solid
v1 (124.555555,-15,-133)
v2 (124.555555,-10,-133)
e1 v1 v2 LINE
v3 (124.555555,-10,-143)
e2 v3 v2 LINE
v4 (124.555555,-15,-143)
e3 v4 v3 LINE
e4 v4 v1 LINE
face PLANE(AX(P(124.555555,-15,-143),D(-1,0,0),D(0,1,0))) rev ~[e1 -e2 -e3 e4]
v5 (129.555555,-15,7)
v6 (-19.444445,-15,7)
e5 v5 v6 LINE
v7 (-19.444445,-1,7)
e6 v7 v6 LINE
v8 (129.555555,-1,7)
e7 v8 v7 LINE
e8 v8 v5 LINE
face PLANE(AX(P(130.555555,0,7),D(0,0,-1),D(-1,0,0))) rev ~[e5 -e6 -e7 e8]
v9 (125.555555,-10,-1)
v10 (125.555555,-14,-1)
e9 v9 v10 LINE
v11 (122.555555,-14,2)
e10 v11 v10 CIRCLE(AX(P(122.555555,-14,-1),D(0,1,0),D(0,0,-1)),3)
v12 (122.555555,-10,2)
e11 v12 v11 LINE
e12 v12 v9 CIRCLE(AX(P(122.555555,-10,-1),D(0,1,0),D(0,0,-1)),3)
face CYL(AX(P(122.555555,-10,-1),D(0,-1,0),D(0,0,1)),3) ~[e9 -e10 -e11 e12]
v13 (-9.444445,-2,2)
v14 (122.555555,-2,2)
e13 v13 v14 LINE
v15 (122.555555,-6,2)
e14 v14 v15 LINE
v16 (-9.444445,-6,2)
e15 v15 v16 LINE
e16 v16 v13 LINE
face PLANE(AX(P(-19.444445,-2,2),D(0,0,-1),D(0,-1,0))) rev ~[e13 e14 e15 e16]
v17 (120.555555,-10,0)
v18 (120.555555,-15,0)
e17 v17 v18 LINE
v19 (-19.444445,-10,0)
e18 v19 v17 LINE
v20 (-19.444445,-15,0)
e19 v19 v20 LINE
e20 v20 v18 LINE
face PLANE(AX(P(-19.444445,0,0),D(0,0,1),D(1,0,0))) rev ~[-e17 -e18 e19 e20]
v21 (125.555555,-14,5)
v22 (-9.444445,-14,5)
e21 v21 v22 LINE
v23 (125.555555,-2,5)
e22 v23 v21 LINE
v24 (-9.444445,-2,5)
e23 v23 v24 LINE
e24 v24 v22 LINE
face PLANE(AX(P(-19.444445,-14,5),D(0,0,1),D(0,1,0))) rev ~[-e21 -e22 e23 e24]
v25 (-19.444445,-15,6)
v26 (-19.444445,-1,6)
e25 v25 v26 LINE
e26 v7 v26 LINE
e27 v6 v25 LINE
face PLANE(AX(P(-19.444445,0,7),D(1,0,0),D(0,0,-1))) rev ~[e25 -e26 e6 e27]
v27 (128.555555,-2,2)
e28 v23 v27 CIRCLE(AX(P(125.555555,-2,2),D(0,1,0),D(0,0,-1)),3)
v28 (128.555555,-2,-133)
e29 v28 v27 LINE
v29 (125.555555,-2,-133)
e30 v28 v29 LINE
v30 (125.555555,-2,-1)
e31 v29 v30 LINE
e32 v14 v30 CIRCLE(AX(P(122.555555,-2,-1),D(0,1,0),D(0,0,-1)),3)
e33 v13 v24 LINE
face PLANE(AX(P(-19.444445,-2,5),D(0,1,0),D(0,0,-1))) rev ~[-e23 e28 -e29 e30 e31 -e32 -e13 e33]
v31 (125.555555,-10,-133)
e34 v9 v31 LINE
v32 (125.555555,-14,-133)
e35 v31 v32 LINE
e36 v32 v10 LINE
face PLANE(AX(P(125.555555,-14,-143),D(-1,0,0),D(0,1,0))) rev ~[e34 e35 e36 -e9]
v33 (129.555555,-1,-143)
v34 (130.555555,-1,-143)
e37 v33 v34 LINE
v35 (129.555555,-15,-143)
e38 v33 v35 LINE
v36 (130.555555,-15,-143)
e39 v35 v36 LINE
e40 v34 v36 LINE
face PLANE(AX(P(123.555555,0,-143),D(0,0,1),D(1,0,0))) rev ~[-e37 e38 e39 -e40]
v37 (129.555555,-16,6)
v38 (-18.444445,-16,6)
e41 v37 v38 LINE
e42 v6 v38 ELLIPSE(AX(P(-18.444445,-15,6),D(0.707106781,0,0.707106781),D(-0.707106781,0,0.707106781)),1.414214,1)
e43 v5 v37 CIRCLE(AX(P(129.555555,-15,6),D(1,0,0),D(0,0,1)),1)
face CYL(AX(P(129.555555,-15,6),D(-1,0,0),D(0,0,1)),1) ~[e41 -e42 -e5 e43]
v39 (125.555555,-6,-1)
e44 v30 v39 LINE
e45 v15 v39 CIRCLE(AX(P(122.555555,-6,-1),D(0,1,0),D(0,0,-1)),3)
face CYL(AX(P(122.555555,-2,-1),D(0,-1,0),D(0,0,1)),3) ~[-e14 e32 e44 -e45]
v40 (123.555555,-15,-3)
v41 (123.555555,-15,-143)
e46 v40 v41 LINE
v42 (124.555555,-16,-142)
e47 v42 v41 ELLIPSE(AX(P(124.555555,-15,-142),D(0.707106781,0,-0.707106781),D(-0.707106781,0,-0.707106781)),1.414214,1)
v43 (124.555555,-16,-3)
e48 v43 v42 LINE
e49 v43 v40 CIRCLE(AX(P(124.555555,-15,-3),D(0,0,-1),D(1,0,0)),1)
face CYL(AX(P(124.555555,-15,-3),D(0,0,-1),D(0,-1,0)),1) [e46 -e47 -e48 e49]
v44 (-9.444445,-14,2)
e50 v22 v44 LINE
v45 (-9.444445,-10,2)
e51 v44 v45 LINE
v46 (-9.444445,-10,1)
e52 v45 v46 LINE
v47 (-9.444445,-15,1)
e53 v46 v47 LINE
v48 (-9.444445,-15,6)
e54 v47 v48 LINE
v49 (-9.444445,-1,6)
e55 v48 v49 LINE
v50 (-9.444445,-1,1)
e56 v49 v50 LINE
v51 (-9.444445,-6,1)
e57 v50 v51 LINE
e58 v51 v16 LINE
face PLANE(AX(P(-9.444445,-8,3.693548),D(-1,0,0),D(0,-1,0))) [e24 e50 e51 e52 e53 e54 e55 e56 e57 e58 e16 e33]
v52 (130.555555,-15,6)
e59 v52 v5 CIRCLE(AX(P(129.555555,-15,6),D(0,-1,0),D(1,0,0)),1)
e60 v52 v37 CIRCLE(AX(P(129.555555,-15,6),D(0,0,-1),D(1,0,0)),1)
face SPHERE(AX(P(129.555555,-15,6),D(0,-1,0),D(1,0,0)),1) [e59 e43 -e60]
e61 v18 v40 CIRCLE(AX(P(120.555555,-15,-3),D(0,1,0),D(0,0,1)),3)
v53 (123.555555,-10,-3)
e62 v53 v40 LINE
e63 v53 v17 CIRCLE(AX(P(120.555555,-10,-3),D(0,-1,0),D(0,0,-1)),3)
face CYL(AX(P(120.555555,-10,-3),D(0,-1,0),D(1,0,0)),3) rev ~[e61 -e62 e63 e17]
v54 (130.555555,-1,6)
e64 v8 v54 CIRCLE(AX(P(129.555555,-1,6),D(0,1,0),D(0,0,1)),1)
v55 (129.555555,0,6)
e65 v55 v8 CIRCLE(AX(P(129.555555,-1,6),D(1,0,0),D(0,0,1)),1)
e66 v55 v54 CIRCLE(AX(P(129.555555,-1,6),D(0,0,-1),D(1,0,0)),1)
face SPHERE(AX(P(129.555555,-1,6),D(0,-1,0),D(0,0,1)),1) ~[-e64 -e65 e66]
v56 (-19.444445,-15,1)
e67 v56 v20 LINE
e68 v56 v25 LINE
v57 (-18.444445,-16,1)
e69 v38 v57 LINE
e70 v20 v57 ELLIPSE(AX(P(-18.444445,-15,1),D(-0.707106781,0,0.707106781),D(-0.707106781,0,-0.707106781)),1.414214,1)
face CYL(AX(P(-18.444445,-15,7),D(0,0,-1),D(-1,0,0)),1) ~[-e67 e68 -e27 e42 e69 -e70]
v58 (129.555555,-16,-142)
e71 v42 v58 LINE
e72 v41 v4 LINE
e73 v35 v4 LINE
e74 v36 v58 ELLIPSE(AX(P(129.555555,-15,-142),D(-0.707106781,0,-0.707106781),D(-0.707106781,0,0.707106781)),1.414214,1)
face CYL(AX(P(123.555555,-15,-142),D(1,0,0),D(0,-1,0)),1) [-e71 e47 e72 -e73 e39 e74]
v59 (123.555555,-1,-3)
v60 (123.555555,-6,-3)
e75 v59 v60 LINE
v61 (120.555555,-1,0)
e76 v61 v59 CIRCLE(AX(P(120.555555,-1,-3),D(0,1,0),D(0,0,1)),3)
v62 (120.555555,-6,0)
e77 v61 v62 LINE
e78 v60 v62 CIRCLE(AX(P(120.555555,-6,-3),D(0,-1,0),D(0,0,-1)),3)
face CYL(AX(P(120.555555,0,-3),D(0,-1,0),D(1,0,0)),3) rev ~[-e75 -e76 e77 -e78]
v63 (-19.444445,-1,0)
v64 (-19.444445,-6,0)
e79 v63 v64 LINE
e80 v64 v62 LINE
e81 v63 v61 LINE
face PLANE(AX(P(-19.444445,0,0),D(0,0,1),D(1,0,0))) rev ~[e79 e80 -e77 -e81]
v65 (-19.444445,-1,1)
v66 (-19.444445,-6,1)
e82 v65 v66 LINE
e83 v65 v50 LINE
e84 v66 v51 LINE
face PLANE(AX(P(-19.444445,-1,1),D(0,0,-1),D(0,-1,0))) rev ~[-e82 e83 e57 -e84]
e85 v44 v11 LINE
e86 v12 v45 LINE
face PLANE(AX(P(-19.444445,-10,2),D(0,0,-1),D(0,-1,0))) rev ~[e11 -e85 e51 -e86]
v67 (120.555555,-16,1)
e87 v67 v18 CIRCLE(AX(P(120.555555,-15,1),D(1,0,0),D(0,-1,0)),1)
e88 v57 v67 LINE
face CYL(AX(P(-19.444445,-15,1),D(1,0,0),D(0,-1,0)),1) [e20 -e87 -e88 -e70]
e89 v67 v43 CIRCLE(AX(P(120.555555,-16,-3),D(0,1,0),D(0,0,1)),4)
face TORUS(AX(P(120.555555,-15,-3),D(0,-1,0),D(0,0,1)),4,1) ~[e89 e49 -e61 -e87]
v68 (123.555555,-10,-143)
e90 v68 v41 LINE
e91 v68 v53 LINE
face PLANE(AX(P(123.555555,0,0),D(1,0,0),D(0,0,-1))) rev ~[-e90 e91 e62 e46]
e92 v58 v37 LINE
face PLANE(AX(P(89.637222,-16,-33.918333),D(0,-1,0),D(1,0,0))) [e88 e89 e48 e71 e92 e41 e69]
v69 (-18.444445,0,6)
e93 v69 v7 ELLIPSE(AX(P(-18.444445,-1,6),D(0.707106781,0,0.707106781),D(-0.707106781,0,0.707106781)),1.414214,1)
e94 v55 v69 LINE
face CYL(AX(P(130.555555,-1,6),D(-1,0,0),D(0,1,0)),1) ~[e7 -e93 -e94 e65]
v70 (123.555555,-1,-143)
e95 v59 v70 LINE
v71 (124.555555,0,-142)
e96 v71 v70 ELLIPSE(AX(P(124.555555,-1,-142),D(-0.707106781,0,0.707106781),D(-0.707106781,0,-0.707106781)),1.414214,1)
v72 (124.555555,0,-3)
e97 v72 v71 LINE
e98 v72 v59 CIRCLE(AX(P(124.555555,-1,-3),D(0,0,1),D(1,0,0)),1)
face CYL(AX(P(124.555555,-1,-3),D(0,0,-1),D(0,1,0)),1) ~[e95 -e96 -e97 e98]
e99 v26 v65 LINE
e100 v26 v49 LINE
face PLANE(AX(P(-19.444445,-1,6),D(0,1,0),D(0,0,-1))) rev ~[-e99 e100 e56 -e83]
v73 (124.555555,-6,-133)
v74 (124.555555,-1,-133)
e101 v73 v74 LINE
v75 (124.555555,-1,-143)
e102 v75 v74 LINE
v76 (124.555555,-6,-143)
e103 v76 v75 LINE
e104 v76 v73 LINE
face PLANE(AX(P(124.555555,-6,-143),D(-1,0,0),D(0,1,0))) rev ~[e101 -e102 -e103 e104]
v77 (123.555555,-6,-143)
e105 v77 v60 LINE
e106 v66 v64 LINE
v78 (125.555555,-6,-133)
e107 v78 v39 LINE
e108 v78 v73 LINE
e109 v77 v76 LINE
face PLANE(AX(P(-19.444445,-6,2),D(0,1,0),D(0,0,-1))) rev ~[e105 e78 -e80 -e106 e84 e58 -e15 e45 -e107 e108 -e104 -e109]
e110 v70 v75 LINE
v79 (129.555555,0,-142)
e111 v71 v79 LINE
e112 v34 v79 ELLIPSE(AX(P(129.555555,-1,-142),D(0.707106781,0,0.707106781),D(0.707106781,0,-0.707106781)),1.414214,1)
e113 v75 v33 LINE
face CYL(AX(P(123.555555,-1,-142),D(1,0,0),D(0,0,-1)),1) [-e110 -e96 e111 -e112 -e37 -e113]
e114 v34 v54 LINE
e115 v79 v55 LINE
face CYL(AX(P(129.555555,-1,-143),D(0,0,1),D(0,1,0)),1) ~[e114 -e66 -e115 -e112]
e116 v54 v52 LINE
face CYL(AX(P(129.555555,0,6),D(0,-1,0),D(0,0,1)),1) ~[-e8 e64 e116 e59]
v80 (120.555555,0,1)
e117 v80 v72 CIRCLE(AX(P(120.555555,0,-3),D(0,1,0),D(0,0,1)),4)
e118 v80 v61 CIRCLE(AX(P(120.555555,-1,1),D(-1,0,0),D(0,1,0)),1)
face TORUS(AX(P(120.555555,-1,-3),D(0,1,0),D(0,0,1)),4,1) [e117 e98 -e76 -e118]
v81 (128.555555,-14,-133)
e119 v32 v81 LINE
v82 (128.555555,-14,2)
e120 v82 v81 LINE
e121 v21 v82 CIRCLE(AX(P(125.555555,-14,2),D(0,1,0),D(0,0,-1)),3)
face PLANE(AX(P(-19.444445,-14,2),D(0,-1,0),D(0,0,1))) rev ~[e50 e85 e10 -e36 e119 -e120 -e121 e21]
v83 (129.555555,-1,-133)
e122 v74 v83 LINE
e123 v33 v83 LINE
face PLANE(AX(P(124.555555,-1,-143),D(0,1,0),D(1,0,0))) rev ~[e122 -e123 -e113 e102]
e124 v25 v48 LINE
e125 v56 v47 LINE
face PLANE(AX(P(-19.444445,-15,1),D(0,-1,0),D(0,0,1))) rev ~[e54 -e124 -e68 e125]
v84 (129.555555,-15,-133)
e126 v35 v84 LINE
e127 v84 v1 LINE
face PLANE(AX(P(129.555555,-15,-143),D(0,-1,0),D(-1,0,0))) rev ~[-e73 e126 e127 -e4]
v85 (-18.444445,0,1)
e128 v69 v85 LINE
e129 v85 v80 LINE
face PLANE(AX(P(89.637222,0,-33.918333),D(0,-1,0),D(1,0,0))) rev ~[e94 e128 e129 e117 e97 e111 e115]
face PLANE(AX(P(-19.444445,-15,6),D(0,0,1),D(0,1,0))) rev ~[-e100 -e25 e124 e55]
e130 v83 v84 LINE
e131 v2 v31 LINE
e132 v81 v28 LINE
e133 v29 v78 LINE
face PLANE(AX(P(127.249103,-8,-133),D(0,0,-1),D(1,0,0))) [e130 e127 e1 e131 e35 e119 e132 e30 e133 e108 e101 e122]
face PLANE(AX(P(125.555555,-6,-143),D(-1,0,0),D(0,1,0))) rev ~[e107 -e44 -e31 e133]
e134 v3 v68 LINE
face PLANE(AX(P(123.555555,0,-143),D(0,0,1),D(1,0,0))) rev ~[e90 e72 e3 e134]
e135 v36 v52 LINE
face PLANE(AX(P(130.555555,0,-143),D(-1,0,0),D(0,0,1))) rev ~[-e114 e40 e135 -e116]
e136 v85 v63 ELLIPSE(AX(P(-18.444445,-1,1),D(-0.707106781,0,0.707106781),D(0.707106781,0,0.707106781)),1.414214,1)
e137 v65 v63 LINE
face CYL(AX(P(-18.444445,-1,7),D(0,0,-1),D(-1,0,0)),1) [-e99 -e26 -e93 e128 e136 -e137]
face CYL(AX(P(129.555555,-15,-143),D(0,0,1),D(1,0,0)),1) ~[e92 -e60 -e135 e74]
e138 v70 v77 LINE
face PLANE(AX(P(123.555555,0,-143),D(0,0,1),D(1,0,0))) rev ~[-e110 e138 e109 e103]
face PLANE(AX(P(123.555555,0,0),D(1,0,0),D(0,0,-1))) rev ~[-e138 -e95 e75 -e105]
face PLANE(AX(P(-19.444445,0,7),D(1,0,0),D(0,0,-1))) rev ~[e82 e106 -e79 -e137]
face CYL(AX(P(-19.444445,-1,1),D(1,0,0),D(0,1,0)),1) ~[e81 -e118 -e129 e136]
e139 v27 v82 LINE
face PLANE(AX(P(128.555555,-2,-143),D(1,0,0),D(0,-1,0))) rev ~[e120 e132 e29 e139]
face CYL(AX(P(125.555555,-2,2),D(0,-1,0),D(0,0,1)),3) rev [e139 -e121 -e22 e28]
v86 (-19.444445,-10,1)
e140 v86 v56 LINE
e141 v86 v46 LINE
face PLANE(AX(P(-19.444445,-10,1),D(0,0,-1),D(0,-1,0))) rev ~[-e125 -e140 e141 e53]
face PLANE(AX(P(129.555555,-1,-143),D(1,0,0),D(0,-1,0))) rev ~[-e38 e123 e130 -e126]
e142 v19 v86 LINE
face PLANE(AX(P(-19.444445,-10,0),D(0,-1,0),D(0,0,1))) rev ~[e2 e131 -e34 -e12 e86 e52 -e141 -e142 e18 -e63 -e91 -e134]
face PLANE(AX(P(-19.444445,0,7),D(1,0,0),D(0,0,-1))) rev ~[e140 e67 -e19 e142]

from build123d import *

# Parameters (mm, degrees)
F1_DEPTH  = 16
F3_DEPTH  = 148
F5_DEPTH  = 148
F6_R      = 3
F7_R      = 3
F8_R      = 1
F9_R      = 1
F11_DEPTH = 10
F13_DEPTH = 10


with BuildPart() as f1:
    # F0 (on Front) → F1 (new body)
    with BuildSketch(Plane.XZ):
        Polygon((130.5555550784, 7), (-19.4444449216, 7), (-19.4444449216, 0), (123.5555550784, 0), (123.5555550784, -143), (130.5555550784, -143), align=None)
    extrude(amount=F1_DEPTH)

    # F2 (on face) → F3 (cut)
    with BuildSketch(Plane(origin=(0, 0, -143), x_dir=(1, 0, 0), z_dir=(0, 0, -1))):
        Polygon((125.5555550784, 10), (123.5555550784, 10), (123.5555550784, 6), (125.5555550784, 6), (125.5555550784, 2), (128.5555550784, 2), (128.5555550784, 14), (125.5555550784, 14), align=None)
    extrude(amount=-F3_DEPTH, mode=Mode.SUBTRACT)

    # F4 (on face) → F5 (cut)
    with BuildSketch(Plane(origin=(-19.4444449216, 0, 0), x_dir=(0, -1, 0), z_dir=(-1, 0, 0))):
        Polygon((6, 2), (6, 0), (10, 0), (10, 2), (14, 2), (14, 5), (2, 5), (2, 2), align=None)
    extrude(amount=-F5_DEPTH, mode=Mode.SUBTRACT)

    # F6
    f6_edges = [f1.edges().sort_by_distance(p)[0] for p in [
        (128.555555, -8, 5),
        (123.555555, -3, 0),
        (123.555555, -13, 0),
    ]]
    fillet(f6_edges, radius=F6_R)

    # F7
    f7_edges = [f1.edges().sort_by_distance(p)[0] for p in [
        (125.555555, -4, 2),
        (125.555555, -12, 2),
    ]]
    fillet(f7_edges, radius=F7_R)

    # F8
    f8_edges = [f1.edges().sort_by_distance(p)[0] for p in [
        (130.555555, -8, 7),
        (55.555555, 0, 7),
        (50.555555, 0, 0),
        (122.676875, 0, -0.87868),
        (-19.444445, 0, 3.5),
        (123.555555, 0, -73),
        (127.055555, 0, -143),
        (130.555555, 0, -68),
    ]]
    fillet(f8_edges, radius=F8_R)

    # F9
    f9_edges = [f1.edges().sort_by_distance(p)[0] for p in [
        (55.055555, -16, 7),
        (130.262662, -16, 6.707107),
        (-19.444445, -16, 3.5),
        (130.555555, -16, -68.5),
        (50.555555, -16, 0),
        (127.055555, -16, -143),
        (122.676875, -16, -0.87868),
        (123.555555, -16, -73),
    ]]
    fillet(f9_edges, radius=F9_R)

    # F10 (on face) → F11 (cut)
    with BuildSketch(Plane(origin=(-19.4444449216, 0, 0), x_dir=(0, -1, 0), z_dir=(-1, 0, 0))):
        Polygon((10, 1), (15, 1), (15, 6), (1, 6), (1, 1), (6, 1), (6, 2), (2, 2), (2, 5), (14, 5), (14, 2), (10, 2), align=None)
    extrude(amount=-F11_DEPTH, mode=Mode.SUBTRACT)

    # F12 (on face) → F13 (cut)
    with BuildSketch(Plane(origin=(0, 0, -143), x_dir=(1, 0, 0), z_dir=(0, 0, -1))):
        Polygon((129.5555550784, 15), (124.5555550784, 15), (124.5555550784, 10), (125.5555550784, 10), (125.5555550784, 14), (128.5555550784, 14), (128.5555550784, 2), (125.5555550784, 2), (125.5555550784, 6), (124.5555550784, 6), (124.5555550784, 1), (129.5555550784, 1), align=None)
    extrude(amount=-F13_DEPTH, mode=Mode.SUBTRACT)


solid = f1.part
